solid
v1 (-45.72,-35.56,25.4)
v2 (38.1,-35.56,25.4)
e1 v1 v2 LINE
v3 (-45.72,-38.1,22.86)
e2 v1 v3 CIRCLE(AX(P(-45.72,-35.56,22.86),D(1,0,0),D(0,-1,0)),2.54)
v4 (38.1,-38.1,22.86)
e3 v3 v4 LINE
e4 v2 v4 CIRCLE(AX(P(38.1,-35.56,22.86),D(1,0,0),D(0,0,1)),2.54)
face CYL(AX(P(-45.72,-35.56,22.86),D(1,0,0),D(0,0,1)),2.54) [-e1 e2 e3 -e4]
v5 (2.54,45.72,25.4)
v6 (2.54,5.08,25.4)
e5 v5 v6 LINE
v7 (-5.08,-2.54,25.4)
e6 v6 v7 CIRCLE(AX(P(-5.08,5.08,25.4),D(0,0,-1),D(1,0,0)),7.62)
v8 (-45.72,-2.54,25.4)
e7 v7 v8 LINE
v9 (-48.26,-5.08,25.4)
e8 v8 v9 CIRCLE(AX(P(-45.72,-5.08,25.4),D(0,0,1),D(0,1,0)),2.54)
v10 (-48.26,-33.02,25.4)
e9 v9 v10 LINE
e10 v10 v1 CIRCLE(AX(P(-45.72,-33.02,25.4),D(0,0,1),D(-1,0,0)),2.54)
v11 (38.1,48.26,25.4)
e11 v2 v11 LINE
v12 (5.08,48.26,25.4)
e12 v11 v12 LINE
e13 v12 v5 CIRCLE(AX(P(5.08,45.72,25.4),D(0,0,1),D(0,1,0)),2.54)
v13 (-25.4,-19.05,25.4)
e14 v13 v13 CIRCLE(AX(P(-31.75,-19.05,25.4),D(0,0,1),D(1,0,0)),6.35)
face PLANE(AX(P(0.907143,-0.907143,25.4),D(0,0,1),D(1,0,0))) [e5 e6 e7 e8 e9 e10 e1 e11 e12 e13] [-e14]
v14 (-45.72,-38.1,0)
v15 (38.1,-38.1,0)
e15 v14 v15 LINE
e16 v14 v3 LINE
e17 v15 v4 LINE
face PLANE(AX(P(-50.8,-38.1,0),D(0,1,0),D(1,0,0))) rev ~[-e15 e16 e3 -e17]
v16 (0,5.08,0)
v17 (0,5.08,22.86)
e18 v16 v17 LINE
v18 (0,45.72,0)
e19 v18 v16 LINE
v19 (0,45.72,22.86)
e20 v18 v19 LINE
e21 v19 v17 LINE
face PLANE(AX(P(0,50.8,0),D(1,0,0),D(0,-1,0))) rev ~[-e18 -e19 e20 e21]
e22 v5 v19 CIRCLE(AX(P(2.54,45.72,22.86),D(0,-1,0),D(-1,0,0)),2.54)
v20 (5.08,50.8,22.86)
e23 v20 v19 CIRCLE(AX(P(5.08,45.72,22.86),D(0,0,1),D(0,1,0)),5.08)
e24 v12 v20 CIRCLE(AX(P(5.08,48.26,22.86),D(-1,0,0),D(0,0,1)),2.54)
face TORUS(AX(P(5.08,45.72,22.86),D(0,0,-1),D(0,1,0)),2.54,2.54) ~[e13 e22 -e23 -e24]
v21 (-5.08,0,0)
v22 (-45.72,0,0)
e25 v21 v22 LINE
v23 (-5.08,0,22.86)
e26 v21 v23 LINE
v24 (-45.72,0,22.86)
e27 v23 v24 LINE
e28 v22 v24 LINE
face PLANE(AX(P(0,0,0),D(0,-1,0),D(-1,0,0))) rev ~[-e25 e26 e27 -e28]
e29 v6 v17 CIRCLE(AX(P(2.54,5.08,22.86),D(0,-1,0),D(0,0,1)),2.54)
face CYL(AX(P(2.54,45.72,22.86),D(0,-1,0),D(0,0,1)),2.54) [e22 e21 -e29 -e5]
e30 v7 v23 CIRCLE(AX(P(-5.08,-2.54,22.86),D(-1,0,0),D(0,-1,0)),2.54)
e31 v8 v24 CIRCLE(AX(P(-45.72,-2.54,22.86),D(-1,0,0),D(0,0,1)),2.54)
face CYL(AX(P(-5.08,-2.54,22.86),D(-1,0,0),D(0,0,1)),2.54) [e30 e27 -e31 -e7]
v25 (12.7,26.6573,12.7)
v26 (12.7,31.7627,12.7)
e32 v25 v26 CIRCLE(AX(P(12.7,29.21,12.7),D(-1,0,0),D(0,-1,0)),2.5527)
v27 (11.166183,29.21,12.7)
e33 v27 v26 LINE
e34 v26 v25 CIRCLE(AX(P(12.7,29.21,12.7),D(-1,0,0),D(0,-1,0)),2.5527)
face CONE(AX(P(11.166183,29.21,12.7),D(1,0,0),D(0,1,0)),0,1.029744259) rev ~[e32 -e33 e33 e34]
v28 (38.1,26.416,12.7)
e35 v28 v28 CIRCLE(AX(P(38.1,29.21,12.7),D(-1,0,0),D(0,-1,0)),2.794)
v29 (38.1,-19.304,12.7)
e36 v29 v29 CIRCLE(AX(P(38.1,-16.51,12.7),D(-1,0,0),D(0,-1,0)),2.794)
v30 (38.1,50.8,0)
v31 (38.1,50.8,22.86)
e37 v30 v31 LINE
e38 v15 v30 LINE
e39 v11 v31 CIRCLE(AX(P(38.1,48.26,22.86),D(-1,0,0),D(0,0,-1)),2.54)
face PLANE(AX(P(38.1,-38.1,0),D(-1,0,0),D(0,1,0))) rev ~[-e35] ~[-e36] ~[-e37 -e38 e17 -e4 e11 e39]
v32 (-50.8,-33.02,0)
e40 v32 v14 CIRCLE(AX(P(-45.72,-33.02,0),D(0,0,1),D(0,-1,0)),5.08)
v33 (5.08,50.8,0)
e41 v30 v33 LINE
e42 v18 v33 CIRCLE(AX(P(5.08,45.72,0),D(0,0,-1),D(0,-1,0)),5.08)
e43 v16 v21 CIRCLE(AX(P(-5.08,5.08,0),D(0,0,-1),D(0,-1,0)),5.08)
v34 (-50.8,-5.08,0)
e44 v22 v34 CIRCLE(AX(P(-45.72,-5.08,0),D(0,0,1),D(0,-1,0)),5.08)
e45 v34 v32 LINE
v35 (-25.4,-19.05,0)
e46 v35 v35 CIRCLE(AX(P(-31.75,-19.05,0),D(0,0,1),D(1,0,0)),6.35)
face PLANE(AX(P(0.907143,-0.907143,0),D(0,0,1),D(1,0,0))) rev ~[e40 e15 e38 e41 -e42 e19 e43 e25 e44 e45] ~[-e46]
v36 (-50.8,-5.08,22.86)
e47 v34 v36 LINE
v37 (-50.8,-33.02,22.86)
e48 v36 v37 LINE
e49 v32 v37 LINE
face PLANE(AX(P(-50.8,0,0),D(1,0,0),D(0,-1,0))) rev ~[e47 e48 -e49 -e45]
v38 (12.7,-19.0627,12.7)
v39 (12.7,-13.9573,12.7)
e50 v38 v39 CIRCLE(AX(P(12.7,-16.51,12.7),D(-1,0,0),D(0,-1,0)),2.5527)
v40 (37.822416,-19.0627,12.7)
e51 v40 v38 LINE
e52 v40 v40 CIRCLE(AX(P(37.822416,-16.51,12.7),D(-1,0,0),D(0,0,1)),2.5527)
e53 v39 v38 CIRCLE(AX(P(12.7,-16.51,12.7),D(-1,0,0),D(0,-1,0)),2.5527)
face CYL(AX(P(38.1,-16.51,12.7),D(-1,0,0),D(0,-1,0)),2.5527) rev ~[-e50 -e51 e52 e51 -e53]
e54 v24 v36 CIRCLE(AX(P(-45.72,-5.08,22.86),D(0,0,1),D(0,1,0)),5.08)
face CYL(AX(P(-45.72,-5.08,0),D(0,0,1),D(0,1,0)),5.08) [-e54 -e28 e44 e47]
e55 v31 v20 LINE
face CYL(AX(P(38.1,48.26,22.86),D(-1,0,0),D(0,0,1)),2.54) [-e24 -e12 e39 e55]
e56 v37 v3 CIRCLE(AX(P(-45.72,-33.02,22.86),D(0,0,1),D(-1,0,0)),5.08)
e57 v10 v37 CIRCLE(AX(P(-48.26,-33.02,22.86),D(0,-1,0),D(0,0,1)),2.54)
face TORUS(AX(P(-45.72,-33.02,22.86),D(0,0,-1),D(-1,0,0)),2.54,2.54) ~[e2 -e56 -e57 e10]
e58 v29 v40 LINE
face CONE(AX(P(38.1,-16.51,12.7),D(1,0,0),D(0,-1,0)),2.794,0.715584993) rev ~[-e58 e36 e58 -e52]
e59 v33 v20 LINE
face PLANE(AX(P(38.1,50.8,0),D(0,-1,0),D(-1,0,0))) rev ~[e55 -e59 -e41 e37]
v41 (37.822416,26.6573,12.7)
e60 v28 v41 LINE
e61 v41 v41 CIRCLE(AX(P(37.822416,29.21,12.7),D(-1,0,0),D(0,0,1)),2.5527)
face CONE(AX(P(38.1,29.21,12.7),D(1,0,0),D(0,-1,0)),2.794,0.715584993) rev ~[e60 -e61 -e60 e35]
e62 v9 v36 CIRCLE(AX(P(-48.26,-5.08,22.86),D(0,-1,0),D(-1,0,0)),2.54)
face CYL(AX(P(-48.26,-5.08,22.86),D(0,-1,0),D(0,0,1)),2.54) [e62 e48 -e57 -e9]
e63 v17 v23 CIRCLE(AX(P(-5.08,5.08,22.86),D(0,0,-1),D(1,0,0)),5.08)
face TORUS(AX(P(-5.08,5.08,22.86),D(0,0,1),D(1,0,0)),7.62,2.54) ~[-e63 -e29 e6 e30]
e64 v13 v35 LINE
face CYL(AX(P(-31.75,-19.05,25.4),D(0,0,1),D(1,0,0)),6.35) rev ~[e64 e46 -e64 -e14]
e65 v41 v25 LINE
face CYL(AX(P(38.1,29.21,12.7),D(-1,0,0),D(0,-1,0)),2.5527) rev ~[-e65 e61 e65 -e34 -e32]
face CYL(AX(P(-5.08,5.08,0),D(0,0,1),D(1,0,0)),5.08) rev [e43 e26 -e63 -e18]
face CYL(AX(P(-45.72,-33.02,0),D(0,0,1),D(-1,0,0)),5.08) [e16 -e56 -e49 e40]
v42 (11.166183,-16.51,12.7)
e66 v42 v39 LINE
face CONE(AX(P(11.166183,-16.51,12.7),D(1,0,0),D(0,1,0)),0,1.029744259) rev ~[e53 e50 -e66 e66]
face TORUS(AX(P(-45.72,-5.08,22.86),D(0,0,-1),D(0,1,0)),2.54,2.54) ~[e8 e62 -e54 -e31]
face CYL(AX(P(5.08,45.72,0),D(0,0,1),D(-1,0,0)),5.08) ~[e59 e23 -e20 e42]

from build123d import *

# Parameters (mm, degrees)
F1_DEPTH       = 25.4
F2_R           = 6.35
F3_DEPTH       = 25.4
F4_R           = 5.08
F5_R           = 2.54
F7_D           = 5.1054
F7_DEPTH       = 25.4
F7_CSINK_D     = 5.588
F7_CSINK_ANGLE = 82
F7_TIP         = 1.5338169022


with BuildPart() as f1:
    # F0 (on Top) → F1 (new body)
    with BuildSketch(Plane.XY):
        Polygon((0, 50.8), (0, 0), (-50.8, 0), (-50.8, -38.1), (38.1, -38.1), (38.1, 50.8), align=None)
    extrude(amount=F1_DEPTH)

    # F2 (on face) → F3 (cut, through all)
    with BuildSketch(Plane.XY.offset(25.4)):
        with Locations((-31.75, -19.05)):
            Circle(F2_R)
    extrude(amount=-F3_DEPTH, mode=Mode.SUBTRACT)

    # F4
    f4_edges = [f1.edges().sort_by_distance(p)[0] for p in [
        (-50.8, -38.1, 12.7),
        (-50.8, 0, 12.7),
        (0, 0, 12.7),
        (0, 50.8, 12.7),
    ]]
    fillet(f4_edges, radius=F4_R)

    # F5
    f5_edges = [f1.edges().sort_by_distance(p)[0] for p in [
        (-3.81, -38.1, 25.4),
    ]]
    fillet(f5_edges, radius=F5_R)

    # F7
    with Locations(Plane.YZ.offset(38.1)):
        with Locations((29.21, 12.7), (-16.51, 12.7)):
            CounterSinkHole(F7_D / 2, F7_CSINK_D / 2, depth=F7_DEPTH, counter_sink_angle=F7_CSINK_ANGLE)
            with Locations((0, 0, -(F7_DEPTH + F7_TIP / 2))):  # 118° drill point
                Cone(0, F7_D / 2, F7_TIP, mode=Mode.SUBTRACT)


solid = f1.part
